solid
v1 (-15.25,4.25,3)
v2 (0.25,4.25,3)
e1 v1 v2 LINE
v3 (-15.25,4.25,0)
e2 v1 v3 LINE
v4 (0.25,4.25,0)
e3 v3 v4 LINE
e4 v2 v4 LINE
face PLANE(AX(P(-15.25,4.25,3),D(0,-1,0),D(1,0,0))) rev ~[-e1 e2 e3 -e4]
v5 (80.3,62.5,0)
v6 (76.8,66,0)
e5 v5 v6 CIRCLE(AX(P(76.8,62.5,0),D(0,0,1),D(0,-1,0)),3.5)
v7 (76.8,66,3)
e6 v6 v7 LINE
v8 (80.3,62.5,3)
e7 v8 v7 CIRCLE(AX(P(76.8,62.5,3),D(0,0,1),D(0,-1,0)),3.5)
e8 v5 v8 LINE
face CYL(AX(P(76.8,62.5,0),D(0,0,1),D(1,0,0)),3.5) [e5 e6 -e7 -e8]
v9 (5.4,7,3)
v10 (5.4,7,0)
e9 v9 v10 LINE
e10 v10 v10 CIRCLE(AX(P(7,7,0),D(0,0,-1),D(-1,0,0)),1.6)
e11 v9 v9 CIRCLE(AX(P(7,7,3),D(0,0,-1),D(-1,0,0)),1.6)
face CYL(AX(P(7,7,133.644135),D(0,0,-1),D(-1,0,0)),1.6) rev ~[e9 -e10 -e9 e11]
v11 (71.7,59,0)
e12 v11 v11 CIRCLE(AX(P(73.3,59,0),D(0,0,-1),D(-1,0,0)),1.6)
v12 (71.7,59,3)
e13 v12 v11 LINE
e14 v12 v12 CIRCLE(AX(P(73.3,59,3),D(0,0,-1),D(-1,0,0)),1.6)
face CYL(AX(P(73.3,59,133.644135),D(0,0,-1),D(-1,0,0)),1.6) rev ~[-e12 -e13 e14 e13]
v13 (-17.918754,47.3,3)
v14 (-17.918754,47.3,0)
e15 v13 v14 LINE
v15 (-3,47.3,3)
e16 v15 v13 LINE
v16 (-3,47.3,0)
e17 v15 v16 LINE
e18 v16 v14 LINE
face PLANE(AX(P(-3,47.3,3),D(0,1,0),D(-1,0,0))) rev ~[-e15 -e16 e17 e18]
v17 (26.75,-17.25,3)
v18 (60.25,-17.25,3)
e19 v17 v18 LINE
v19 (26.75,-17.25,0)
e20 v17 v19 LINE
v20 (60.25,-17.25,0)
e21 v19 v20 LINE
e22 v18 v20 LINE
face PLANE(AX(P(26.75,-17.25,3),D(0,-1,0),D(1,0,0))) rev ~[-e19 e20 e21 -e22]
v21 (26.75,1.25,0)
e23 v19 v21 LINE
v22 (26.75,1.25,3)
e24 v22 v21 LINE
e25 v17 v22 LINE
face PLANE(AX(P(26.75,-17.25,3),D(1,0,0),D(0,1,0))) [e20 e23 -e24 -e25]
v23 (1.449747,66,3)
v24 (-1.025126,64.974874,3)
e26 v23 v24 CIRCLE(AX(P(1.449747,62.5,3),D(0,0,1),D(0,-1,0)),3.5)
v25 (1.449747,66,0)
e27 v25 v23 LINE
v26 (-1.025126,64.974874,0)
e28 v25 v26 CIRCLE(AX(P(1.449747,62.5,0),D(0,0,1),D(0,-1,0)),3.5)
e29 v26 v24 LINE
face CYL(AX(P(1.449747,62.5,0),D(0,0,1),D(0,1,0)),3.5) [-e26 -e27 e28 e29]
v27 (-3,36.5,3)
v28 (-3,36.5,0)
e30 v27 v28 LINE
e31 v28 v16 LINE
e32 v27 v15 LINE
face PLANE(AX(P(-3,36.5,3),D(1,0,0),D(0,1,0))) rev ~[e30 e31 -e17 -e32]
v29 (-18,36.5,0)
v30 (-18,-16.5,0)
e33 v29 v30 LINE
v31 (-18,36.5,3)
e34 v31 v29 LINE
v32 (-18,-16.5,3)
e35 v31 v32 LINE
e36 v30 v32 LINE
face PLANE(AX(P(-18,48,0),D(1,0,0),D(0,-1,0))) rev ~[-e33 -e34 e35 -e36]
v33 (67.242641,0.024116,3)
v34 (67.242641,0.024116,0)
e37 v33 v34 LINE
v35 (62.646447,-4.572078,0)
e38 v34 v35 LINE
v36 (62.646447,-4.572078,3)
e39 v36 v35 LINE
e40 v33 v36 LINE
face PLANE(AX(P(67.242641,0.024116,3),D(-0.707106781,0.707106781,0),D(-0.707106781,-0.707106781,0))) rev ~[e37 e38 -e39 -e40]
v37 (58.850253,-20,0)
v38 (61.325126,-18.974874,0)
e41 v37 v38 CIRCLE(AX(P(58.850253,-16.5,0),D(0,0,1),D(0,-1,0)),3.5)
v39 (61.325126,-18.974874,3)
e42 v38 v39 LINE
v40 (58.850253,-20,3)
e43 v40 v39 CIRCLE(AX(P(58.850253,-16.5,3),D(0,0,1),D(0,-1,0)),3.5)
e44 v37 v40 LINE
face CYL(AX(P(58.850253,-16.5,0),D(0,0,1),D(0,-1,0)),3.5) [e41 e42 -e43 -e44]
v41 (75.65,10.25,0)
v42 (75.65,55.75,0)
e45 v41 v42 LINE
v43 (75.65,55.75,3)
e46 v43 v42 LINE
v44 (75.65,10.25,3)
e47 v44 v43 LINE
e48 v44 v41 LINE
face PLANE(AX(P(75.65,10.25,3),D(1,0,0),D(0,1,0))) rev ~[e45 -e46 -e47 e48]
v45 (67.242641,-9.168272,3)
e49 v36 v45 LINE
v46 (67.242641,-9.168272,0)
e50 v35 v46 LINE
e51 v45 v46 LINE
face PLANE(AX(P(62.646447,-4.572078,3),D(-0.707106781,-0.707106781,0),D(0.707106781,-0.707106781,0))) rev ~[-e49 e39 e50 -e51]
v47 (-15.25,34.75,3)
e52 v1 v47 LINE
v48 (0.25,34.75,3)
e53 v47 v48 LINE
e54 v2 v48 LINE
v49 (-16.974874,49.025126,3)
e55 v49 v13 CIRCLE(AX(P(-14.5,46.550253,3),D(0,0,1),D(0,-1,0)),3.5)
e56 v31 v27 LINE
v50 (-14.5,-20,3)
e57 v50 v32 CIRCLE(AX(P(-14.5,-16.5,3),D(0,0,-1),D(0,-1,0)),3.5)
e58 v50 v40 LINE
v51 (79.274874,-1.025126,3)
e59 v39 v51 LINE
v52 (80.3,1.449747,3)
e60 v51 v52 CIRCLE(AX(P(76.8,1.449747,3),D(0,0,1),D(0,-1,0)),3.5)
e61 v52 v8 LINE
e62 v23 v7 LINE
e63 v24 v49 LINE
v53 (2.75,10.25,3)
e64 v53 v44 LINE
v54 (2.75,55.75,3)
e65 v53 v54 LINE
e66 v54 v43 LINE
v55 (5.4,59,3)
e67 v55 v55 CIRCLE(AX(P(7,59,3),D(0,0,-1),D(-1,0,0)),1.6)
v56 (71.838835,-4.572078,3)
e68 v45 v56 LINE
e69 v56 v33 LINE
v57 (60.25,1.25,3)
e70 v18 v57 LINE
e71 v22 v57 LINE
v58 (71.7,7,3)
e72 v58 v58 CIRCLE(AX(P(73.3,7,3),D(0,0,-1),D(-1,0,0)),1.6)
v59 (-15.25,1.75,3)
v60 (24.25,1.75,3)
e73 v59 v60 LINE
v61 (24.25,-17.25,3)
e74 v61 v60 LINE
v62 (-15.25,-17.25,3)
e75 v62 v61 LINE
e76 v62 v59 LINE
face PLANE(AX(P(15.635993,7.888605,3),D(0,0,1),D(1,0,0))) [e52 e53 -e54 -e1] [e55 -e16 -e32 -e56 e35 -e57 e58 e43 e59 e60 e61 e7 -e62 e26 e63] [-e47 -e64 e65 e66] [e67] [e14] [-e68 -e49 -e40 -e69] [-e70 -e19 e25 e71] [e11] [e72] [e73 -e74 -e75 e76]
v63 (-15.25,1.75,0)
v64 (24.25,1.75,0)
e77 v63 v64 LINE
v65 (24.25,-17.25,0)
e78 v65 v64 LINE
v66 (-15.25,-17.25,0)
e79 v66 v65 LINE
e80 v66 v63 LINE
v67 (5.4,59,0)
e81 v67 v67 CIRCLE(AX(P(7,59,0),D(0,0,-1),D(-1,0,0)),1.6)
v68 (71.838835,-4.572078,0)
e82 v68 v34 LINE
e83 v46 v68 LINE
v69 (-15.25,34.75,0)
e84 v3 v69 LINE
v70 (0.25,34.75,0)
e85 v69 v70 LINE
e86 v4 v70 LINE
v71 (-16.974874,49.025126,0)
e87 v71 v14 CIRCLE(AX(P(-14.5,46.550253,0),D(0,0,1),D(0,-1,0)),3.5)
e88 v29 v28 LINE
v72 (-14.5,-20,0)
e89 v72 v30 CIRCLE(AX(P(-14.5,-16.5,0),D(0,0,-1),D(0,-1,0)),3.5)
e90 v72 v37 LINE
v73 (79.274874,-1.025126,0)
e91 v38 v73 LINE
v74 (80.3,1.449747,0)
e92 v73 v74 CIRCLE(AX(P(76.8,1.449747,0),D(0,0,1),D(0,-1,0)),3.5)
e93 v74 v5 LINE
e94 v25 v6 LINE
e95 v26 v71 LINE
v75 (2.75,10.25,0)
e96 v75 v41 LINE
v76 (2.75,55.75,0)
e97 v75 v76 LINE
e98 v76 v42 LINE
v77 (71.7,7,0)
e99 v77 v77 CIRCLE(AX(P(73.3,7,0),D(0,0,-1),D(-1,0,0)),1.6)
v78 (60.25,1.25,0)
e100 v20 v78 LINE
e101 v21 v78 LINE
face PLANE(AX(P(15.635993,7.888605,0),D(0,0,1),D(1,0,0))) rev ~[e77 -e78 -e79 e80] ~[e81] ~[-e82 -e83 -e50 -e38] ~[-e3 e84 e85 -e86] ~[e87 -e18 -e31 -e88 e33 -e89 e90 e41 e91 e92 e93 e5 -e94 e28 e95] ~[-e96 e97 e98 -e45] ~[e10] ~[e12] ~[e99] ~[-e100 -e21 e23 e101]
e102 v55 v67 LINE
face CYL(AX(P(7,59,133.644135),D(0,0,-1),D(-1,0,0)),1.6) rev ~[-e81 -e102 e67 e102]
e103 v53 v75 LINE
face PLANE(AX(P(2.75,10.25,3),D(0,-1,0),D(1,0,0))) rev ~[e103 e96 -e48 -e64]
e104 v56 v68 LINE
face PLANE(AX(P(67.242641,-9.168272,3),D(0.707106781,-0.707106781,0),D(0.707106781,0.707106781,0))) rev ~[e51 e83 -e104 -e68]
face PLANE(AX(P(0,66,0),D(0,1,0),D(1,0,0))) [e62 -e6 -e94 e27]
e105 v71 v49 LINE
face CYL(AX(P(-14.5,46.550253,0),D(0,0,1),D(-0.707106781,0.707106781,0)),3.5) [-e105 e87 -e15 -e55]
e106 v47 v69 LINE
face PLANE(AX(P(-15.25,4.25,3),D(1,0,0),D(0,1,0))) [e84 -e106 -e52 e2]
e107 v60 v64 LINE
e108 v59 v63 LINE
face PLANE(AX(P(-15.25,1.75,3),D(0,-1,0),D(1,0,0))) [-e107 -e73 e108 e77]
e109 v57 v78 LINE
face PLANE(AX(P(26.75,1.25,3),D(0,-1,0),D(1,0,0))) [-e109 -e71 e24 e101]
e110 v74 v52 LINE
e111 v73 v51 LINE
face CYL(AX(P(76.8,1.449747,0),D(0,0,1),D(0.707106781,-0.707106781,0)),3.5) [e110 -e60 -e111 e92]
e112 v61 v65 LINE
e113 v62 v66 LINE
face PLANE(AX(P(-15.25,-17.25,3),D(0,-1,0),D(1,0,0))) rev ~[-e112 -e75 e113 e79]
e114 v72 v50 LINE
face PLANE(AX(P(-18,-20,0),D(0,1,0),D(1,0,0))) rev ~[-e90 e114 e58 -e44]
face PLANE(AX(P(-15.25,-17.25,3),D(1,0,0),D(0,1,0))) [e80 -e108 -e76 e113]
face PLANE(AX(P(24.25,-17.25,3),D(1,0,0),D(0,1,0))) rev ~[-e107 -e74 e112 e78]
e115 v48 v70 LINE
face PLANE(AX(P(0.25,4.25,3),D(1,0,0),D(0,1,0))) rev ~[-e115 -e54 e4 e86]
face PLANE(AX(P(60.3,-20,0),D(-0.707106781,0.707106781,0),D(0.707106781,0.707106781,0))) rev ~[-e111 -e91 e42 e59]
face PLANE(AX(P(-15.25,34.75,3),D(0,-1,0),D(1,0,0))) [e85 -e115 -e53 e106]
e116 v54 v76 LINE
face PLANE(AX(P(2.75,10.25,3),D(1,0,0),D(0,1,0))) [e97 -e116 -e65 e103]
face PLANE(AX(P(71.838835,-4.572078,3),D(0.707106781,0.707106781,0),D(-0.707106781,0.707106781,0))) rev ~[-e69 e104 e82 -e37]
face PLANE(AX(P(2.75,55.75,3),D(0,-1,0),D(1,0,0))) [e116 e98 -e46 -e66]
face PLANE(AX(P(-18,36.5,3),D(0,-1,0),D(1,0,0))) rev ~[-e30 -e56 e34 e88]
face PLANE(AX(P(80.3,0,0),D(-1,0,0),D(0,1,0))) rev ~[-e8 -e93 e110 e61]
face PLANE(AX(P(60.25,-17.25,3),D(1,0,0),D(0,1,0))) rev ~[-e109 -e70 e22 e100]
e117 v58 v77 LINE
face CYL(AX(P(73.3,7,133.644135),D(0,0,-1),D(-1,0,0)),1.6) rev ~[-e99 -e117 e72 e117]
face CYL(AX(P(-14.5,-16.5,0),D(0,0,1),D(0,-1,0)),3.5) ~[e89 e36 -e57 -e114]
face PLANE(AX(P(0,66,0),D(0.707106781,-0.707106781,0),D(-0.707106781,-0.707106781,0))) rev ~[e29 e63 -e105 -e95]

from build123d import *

# Parameters (mm, degrees)
BOSS_EXTRUDE1_DEPTH        = 3
FILLET1_R                  = 3.5
SKETCH2_W                  = 72.4
SKETCH2_H                  = 45
CUT_EXTRUDE1_DEPTH         = 104.986008674
SKETCH3_W                  = 33
SKETCH3_H                  = 18
SKETCH3_W_2                = 39
SKETCH3_H_2                = 18.5
SKETCH3_W_3                = 15
SKETCH3_H_3                = 30
CUT_EXTRUDE2_DEPTH         = 104.986008674
F_3_2_3_2_DIAMETER_HOLE1_D = 3.2
SKETCH9_W                  = 72.9
SKETCH9_H                  = 45.5
SKETCH9_W_2                = 33.5
SKETCH9_H_2                = 18.5
SKETCH9_W_3                = 39.5
SKETCH9_H_3                = 19
SKETCH9_W_4                = 15.5
SKETCH9_H_4                = 30.5
CUT_EXTRUDE3_DEPTH         = 104.986008674


with BuildPart() as part:
    # Sketch1 → Boss-Extrude1 (new body)
    with BuildSketch(Plane.XY):
        Polygon((60.3, -20), (80.3, 0), (80.3, 66), (0, 66), (-18, 48), (-18, -20), align=None)
    extrude(amount=BOSS_EXTRUDE1_DEPTH)

    # Fillet1
    fillet1_edges = [part.edges().sort_by_distance(p)[0] for p in [
        (80.3, 0, 1.5),
        (60.3, -20, 1.5),
        (-18, -20, 1.5),
        (-18, 48, 1.5),
        (80.3, 66, 1.5),
        (0, 66, 1.5),
    ]]
    fillet(fillet1_edges, radius=FILLET1_R)

    # Sketch2 → Cut-Extrude1 (cut, through all)
    with BuildSketch(Plane.XY.offset(3)):
        with Locations((39.2, 33)):
            Rectangle(SKETCH2_W, SKETCH2_H)
    extrude(amount=-CUT_EXTRUDE1_DEPTH, mode=Mode.SUBTRACT)

    # Sketch3 → Cut-Extrude2 (cut, through all)
    with BuildSketch(Plane.XY.offset(3)):
        with Locations((43.5, -8)):
            Rectangle(SKETCH3_W, SKETCH3_H)
        with Locations((4.5, -7.75)):
            Rectangle(SKETCH3_W_2, SKETCH3_H_2)
        with Locations((-7.5, 19.5)):
            Rectangle(SKETCH3_W_3, SKETCH3_H_3)
        with BuildLine():
            Line((-3, 47.3), (-17.918753974, 47.3))
            ThreePointArc((-17.918753974, 47.3), (-17.979629212, 46.927320889), (-18, 46.550252532))
            Line((-18, 46.550252532), (-18, 36.5))
            Line((-18, 36.5), (-3, 36.5))
            Line((-3, 36.5), (-3, 47.3))
        make_face()
        Polygon((63, -4.572077939), (67.242640687, -8.814718626), (71.485281374, -4.572077939), (67.242640687, -0.329437252), align=None)
    extrude(amount=-CUT_EXTRUDE2_DEPTH, mode=Mode.SUBTRACT)

    # Ø3.2 (3.2) Diameter Hole1 (through all)
    with Locations(Plane.XY.offset(3)):
        with Locations((7, 59), (73.3, 59), (73.3, 7), (7, 7)):
            Hole(F_3_2_3_2_DIAMETER_HOLE1_D / 2)

    # Sketch9 → Cut-Extrude3 (cut, through all)
    with BuildSketch(Plane.XY.offset(3)):
        with Locations((39.2, 33)):
            Rectangle(SKETCH9_W, SKETCH9_H)
        with Locations((43.5, -8)):
            Rectangle(SKETCH9_W_2, SKETCH9_H_2)
        Polygon((67.242640687, -9.168272016), (71.838834765, -4.572077939), (67.242640687, 0.024116139), (62.646446609, -4.572077939), align=None)
        with Locations((4.5, -7.75)):
            Rectangle(SKETCH9_W_3, SKETCH9_H_3)
        with Locations((-7.5, 19.5)):
            Rectangle(SKETCH9_W_4, SKETCH9_H_4)
    extrude(amount=-CUT_EXTRUDE3_DEPTH, mode=Mode.SUBTRACT)


solid = part.part
